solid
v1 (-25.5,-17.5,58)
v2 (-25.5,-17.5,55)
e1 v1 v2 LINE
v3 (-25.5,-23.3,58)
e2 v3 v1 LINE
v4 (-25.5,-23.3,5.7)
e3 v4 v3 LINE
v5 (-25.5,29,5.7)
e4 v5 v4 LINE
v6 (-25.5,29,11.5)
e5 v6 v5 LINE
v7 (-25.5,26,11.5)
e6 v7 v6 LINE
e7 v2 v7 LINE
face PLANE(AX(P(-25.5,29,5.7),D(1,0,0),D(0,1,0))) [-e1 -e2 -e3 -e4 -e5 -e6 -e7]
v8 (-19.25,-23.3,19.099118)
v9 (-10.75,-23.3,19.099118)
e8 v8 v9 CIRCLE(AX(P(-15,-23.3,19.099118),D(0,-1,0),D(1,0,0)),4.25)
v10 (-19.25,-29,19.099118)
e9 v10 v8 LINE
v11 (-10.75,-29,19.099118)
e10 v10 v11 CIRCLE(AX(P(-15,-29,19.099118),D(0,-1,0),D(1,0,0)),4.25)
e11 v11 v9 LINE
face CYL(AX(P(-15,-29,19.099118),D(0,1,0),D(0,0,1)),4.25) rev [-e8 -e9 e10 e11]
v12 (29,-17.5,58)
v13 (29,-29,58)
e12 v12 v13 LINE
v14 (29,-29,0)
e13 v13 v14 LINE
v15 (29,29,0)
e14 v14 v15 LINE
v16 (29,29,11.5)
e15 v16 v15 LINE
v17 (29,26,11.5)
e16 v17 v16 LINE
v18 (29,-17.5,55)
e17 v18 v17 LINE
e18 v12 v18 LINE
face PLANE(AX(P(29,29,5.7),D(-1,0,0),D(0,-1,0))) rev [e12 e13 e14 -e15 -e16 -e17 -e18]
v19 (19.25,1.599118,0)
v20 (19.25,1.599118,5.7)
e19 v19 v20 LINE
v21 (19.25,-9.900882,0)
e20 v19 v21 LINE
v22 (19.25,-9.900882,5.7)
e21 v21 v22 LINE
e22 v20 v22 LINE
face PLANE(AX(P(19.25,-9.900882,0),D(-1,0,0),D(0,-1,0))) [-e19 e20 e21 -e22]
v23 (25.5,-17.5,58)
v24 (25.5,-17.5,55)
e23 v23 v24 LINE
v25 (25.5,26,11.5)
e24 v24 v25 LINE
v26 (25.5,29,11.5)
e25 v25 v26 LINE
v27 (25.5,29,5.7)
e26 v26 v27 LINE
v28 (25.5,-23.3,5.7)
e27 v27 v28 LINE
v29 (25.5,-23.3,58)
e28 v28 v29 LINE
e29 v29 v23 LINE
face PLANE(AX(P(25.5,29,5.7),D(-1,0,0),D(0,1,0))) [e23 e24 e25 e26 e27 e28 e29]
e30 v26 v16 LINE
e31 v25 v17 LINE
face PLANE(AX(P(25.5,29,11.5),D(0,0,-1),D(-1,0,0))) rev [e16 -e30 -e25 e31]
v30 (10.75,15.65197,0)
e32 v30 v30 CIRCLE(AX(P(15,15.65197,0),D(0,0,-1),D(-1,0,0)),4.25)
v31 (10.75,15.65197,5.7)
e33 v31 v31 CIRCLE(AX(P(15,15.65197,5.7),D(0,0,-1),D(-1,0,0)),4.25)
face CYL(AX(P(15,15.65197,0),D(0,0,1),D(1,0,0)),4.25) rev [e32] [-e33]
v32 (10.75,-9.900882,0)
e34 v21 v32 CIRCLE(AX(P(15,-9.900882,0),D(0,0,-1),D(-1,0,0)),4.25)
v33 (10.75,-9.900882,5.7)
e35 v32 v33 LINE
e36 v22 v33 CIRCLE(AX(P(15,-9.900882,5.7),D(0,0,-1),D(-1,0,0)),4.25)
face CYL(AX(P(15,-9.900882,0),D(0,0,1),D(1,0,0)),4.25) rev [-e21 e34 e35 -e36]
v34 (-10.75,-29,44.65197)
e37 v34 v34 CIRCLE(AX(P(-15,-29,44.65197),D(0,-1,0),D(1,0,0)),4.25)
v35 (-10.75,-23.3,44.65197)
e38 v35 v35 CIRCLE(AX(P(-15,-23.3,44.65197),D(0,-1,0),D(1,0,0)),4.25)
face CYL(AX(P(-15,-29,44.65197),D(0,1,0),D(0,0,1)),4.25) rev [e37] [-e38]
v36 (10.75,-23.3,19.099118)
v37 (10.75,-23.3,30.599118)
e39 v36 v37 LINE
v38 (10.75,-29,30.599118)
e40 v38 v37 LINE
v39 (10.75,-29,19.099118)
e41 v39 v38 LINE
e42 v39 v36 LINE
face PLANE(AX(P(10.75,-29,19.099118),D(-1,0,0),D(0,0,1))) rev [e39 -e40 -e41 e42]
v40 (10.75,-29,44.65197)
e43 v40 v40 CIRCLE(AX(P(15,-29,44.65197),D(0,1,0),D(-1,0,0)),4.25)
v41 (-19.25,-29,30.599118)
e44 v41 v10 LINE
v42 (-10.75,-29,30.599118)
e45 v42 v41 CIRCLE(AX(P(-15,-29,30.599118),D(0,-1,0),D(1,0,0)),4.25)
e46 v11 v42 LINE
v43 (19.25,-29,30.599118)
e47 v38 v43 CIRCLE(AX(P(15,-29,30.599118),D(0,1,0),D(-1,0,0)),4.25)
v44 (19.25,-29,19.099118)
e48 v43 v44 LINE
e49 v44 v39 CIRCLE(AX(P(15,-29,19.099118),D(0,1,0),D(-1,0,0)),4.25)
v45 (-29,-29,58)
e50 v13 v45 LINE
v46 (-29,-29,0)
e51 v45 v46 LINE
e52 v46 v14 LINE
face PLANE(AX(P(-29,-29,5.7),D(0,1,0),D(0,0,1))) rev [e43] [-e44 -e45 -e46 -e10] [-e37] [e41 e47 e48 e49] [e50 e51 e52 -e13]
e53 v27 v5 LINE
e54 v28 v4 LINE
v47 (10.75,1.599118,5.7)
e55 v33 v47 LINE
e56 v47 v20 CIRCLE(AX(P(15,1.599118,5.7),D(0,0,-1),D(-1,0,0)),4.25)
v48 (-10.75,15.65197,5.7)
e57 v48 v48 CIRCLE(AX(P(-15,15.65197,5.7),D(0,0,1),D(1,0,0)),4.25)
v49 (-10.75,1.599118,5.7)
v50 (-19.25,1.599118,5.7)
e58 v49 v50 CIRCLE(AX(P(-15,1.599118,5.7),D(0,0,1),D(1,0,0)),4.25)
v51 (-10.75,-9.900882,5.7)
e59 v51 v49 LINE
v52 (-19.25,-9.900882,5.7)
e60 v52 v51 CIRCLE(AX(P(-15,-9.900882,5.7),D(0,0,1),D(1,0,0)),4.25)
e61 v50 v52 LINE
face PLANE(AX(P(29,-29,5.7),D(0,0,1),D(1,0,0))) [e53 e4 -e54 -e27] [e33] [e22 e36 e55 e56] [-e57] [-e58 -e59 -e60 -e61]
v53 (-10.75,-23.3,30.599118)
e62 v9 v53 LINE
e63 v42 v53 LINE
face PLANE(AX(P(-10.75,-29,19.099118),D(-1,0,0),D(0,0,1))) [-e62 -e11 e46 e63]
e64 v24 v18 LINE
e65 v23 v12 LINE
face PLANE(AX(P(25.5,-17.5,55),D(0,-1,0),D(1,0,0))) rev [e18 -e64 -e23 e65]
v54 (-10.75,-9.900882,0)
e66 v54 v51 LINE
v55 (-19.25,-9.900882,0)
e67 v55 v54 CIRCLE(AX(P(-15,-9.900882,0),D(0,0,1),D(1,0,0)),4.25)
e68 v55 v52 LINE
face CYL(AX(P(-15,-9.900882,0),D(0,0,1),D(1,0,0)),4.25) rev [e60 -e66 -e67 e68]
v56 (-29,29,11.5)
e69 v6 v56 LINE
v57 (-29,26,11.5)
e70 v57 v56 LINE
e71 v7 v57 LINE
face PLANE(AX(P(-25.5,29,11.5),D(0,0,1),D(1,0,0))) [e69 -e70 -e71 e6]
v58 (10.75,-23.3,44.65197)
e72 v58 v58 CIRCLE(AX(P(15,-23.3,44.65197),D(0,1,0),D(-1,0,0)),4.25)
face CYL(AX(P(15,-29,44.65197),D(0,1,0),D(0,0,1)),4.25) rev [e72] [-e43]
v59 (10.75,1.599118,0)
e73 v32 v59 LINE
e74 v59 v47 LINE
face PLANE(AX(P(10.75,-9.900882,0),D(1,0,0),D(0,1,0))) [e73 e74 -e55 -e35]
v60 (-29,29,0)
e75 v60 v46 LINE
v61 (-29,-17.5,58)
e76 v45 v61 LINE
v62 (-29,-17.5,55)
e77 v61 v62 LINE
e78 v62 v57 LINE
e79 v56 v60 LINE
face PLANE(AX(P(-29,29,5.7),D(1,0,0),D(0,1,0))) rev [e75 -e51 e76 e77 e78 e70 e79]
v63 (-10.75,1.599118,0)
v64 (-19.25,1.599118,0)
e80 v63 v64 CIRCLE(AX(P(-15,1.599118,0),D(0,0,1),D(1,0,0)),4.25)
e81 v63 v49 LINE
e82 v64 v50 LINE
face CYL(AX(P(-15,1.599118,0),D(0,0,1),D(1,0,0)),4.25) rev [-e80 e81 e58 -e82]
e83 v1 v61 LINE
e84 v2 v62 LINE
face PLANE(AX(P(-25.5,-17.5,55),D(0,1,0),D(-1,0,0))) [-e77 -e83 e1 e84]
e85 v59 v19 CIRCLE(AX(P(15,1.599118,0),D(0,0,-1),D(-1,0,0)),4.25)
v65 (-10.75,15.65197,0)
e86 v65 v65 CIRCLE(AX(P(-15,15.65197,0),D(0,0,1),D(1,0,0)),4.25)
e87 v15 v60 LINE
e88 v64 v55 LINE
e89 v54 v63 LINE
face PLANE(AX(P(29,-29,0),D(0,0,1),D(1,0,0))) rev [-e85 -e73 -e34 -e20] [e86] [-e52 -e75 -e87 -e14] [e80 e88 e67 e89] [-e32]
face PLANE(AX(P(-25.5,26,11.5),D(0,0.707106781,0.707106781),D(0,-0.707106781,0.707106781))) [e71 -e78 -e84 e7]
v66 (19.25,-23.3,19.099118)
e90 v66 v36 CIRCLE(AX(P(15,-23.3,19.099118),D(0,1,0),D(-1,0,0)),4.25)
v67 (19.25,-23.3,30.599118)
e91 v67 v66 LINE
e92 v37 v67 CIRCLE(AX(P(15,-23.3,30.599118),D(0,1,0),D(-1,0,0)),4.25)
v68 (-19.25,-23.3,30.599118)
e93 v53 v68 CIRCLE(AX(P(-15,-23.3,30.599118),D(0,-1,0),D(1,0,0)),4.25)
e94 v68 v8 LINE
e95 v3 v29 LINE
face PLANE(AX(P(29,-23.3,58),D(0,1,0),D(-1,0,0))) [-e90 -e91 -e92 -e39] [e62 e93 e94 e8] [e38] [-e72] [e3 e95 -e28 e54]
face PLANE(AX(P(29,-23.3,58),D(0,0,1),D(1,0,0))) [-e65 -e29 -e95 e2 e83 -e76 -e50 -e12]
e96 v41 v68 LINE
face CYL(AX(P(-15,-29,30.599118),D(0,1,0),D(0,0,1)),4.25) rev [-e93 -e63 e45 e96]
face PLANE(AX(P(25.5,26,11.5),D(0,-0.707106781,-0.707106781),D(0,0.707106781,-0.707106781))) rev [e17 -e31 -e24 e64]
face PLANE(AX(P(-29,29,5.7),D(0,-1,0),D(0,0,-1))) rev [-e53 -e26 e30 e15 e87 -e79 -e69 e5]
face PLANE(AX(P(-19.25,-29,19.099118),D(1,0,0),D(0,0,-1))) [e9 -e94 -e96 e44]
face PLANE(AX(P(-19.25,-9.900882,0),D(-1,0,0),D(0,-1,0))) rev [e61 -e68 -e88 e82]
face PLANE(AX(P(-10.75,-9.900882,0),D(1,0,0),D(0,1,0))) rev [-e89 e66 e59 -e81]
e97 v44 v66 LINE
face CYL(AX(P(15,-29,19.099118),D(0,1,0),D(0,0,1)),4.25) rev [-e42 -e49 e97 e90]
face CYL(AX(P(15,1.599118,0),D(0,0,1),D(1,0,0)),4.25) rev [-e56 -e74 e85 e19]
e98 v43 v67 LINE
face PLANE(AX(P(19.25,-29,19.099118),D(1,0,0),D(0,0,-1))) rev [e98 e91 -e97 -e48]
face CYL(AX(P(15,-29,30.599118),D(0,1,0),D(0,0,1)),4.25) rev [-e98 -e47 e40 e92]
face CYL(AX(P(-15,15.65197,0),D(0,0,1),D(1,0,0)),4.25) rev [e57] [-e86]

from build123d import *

# Parameters (mm, degrees)
SKETCH_1_W               = 58
SKETCH_1_H               = 58
EXTRUDE_1_DEPTH          = 5.7
SKETCH_2_W               = 58
SKETCH_2_H               = 5.7
EXTRUDE_2_DEPTH          = 58
EXTRUDE_3_DEPTH          = 3.5
SKETCH_4_R               = 4.25
CUT_EXTRUDE_1_DEPTH      = 67.462696304
MIRROR_2_COPY_1_DEPTH    = 3.5
MIRROR_2_COPY_2_SKETCH_R = 4.25
MIRROR_2_COPY_2_DEPTH    = 67.462696304
MIRROR_2_COPY_3_DEPTH    = 3.5


with BuildPart() as part:
    # 草图1 → 凸台-拉伸1 (new body)
    with BuildSketch(Plane.XY):
        Rectangle(SKETCH_1_W, SKETCH_1_H)
    extrude(amount=EXTRUDE_1_DEPTH)

    # 草图2 → 凸台-拉伸2 (add)
    with BuildSketch(Plane(origin=(0, 0, 0), x_dir=(-1, 0, 0), z_dir=(0, 0, -1))):
        with Locations((0, -26.15)):
            Rectangle(SKETCH_2_W, SKETCH_2_H)
    extrude(amount=-EXTRUDE_2_DEPTH)

    # 草图3 → 凸台-拉伸3 (add)
    with BuildSketch(Plane.ZY.offset(29)):
        Polygon((5.7, 29), (11.5, 29), (11.5, 26), (55, -17.5), (58, -17.5), (58, -23.3), (5.7, -23.3), align=None)
    extrude_3 = extrude(amount=-EXTRUDE_3_DEPTH)

    # 草图4 → 切除-拉伸1 (cut, through all)
    with BuildSketch(Plane.XY.offset(5.7)):
        with Locations((-15, 15.651970491)):
            Circle(SKETCH_4_R)
        with BuildLine():
            Line((-19.25, -9.900882272), (-19.25, 1.599117728))
            ThreePointArc((-19.25, 1.599117728), (-15, 5.849117728), (-10.75, 1.599117728))
            Line((-10.75, 1.599117728), (-10.75, -9.900882272))
            ThreePointArc((-10.75, -9.900882272), (-15, -14.150882272), (-19.25, -9.900882272))
        make_face()
    cut_extrude_1 = extrude(amount=-CUT_EXTRUDE_1_DEPTH, mode=Mode.SUBTRACT)

    # 镜向1: 凸台-拉伸3, 切除-拉伸1 across plane
    add(extrude_3.mirror(Plane(origin=(0, 0, 0), x_dir=(0, 0, 1), z_dir=(1, 0, 0))))
    add(cut_extrude_1.mirror(Plane(origin=(0, 0, 0), x_dir=(0, 0, 1), z_dir=(1, 0, 0))), mode=Mode.SUBTRACT)

    # 镜向2: 切除-拉伸1 across plane
    add(cut_extrude_1.mirror(Plane(origin=(0, -14.5, 14.5), x_dir=(0, 0.7071067811865478, 0.7071067811865472), z_dir=(0, -0.7071067811865475, 0.7071067811865477))), mode=Mode.SUBTRACT)

    # 镜向2 copy 1 sketch → 镜向2 copy 1 (add)
    with BuildSketch(Plane(origin=(29, -29, 29), x_dir=(0, 1, 0), z_dir=(1, 0, 0))):
        Polygon((5.7, 29), (11.5, 29), (11.5, 26), (55, -17.5), (58, -17.5), (58, -23.3), (5.7, -23.3), align=None)
    extrude(amount=-MIRROR_2_COPY_1_DEPTH)

    # 镜向2 copy 2 sketch → 镜向2 copy 2 (cut, through all)
    with BuildSketch(Plane(origin=(0, -23.3, 29), x_dir=(-1, 0, 0), z_dir=(0, 1, 0))):
        with Locations((-15, 15.651970491)):
            Circle(MIRROR_2_COPY_2_SKETCH_R)
        with BuildLine():
            Line((-19.25, -9.900882272), (-19.25, 1.599117728))
            ThreePointArc((-19.25, 1.599117728), (-15, 5.849117728), (-10.75, 1.599117728))
            Line((-10.75, 1.599117728), (-10.75, -9.900882272))
            ThreePointArc((-10.75, -9.900882272), (-15, -14.150882272), (-19.25, -9.900882272))
        make_face()
    extrude(amount=-MIRROR_2_COPY_2_DEPTH, mode=Mode.SUBTRACT)

    # 镜向2 copy 3 sketch → 镜向2 copy 3 (add)
    with BuildSketch(Plane(origin=(-29, -29, 29), x_dir=(0, 1, 0), z_dir=(-1, 0, 0))):
        Polygon((5.7, -29), (11.5, -29), (11.5, -26), (55, 17.5), (58, 17.5), (58, 23.3), (5.7, 23.3), align=None)
    extrude(amount=-MIRROR_2_COPY_3_DEPTH)


solid = part.part
